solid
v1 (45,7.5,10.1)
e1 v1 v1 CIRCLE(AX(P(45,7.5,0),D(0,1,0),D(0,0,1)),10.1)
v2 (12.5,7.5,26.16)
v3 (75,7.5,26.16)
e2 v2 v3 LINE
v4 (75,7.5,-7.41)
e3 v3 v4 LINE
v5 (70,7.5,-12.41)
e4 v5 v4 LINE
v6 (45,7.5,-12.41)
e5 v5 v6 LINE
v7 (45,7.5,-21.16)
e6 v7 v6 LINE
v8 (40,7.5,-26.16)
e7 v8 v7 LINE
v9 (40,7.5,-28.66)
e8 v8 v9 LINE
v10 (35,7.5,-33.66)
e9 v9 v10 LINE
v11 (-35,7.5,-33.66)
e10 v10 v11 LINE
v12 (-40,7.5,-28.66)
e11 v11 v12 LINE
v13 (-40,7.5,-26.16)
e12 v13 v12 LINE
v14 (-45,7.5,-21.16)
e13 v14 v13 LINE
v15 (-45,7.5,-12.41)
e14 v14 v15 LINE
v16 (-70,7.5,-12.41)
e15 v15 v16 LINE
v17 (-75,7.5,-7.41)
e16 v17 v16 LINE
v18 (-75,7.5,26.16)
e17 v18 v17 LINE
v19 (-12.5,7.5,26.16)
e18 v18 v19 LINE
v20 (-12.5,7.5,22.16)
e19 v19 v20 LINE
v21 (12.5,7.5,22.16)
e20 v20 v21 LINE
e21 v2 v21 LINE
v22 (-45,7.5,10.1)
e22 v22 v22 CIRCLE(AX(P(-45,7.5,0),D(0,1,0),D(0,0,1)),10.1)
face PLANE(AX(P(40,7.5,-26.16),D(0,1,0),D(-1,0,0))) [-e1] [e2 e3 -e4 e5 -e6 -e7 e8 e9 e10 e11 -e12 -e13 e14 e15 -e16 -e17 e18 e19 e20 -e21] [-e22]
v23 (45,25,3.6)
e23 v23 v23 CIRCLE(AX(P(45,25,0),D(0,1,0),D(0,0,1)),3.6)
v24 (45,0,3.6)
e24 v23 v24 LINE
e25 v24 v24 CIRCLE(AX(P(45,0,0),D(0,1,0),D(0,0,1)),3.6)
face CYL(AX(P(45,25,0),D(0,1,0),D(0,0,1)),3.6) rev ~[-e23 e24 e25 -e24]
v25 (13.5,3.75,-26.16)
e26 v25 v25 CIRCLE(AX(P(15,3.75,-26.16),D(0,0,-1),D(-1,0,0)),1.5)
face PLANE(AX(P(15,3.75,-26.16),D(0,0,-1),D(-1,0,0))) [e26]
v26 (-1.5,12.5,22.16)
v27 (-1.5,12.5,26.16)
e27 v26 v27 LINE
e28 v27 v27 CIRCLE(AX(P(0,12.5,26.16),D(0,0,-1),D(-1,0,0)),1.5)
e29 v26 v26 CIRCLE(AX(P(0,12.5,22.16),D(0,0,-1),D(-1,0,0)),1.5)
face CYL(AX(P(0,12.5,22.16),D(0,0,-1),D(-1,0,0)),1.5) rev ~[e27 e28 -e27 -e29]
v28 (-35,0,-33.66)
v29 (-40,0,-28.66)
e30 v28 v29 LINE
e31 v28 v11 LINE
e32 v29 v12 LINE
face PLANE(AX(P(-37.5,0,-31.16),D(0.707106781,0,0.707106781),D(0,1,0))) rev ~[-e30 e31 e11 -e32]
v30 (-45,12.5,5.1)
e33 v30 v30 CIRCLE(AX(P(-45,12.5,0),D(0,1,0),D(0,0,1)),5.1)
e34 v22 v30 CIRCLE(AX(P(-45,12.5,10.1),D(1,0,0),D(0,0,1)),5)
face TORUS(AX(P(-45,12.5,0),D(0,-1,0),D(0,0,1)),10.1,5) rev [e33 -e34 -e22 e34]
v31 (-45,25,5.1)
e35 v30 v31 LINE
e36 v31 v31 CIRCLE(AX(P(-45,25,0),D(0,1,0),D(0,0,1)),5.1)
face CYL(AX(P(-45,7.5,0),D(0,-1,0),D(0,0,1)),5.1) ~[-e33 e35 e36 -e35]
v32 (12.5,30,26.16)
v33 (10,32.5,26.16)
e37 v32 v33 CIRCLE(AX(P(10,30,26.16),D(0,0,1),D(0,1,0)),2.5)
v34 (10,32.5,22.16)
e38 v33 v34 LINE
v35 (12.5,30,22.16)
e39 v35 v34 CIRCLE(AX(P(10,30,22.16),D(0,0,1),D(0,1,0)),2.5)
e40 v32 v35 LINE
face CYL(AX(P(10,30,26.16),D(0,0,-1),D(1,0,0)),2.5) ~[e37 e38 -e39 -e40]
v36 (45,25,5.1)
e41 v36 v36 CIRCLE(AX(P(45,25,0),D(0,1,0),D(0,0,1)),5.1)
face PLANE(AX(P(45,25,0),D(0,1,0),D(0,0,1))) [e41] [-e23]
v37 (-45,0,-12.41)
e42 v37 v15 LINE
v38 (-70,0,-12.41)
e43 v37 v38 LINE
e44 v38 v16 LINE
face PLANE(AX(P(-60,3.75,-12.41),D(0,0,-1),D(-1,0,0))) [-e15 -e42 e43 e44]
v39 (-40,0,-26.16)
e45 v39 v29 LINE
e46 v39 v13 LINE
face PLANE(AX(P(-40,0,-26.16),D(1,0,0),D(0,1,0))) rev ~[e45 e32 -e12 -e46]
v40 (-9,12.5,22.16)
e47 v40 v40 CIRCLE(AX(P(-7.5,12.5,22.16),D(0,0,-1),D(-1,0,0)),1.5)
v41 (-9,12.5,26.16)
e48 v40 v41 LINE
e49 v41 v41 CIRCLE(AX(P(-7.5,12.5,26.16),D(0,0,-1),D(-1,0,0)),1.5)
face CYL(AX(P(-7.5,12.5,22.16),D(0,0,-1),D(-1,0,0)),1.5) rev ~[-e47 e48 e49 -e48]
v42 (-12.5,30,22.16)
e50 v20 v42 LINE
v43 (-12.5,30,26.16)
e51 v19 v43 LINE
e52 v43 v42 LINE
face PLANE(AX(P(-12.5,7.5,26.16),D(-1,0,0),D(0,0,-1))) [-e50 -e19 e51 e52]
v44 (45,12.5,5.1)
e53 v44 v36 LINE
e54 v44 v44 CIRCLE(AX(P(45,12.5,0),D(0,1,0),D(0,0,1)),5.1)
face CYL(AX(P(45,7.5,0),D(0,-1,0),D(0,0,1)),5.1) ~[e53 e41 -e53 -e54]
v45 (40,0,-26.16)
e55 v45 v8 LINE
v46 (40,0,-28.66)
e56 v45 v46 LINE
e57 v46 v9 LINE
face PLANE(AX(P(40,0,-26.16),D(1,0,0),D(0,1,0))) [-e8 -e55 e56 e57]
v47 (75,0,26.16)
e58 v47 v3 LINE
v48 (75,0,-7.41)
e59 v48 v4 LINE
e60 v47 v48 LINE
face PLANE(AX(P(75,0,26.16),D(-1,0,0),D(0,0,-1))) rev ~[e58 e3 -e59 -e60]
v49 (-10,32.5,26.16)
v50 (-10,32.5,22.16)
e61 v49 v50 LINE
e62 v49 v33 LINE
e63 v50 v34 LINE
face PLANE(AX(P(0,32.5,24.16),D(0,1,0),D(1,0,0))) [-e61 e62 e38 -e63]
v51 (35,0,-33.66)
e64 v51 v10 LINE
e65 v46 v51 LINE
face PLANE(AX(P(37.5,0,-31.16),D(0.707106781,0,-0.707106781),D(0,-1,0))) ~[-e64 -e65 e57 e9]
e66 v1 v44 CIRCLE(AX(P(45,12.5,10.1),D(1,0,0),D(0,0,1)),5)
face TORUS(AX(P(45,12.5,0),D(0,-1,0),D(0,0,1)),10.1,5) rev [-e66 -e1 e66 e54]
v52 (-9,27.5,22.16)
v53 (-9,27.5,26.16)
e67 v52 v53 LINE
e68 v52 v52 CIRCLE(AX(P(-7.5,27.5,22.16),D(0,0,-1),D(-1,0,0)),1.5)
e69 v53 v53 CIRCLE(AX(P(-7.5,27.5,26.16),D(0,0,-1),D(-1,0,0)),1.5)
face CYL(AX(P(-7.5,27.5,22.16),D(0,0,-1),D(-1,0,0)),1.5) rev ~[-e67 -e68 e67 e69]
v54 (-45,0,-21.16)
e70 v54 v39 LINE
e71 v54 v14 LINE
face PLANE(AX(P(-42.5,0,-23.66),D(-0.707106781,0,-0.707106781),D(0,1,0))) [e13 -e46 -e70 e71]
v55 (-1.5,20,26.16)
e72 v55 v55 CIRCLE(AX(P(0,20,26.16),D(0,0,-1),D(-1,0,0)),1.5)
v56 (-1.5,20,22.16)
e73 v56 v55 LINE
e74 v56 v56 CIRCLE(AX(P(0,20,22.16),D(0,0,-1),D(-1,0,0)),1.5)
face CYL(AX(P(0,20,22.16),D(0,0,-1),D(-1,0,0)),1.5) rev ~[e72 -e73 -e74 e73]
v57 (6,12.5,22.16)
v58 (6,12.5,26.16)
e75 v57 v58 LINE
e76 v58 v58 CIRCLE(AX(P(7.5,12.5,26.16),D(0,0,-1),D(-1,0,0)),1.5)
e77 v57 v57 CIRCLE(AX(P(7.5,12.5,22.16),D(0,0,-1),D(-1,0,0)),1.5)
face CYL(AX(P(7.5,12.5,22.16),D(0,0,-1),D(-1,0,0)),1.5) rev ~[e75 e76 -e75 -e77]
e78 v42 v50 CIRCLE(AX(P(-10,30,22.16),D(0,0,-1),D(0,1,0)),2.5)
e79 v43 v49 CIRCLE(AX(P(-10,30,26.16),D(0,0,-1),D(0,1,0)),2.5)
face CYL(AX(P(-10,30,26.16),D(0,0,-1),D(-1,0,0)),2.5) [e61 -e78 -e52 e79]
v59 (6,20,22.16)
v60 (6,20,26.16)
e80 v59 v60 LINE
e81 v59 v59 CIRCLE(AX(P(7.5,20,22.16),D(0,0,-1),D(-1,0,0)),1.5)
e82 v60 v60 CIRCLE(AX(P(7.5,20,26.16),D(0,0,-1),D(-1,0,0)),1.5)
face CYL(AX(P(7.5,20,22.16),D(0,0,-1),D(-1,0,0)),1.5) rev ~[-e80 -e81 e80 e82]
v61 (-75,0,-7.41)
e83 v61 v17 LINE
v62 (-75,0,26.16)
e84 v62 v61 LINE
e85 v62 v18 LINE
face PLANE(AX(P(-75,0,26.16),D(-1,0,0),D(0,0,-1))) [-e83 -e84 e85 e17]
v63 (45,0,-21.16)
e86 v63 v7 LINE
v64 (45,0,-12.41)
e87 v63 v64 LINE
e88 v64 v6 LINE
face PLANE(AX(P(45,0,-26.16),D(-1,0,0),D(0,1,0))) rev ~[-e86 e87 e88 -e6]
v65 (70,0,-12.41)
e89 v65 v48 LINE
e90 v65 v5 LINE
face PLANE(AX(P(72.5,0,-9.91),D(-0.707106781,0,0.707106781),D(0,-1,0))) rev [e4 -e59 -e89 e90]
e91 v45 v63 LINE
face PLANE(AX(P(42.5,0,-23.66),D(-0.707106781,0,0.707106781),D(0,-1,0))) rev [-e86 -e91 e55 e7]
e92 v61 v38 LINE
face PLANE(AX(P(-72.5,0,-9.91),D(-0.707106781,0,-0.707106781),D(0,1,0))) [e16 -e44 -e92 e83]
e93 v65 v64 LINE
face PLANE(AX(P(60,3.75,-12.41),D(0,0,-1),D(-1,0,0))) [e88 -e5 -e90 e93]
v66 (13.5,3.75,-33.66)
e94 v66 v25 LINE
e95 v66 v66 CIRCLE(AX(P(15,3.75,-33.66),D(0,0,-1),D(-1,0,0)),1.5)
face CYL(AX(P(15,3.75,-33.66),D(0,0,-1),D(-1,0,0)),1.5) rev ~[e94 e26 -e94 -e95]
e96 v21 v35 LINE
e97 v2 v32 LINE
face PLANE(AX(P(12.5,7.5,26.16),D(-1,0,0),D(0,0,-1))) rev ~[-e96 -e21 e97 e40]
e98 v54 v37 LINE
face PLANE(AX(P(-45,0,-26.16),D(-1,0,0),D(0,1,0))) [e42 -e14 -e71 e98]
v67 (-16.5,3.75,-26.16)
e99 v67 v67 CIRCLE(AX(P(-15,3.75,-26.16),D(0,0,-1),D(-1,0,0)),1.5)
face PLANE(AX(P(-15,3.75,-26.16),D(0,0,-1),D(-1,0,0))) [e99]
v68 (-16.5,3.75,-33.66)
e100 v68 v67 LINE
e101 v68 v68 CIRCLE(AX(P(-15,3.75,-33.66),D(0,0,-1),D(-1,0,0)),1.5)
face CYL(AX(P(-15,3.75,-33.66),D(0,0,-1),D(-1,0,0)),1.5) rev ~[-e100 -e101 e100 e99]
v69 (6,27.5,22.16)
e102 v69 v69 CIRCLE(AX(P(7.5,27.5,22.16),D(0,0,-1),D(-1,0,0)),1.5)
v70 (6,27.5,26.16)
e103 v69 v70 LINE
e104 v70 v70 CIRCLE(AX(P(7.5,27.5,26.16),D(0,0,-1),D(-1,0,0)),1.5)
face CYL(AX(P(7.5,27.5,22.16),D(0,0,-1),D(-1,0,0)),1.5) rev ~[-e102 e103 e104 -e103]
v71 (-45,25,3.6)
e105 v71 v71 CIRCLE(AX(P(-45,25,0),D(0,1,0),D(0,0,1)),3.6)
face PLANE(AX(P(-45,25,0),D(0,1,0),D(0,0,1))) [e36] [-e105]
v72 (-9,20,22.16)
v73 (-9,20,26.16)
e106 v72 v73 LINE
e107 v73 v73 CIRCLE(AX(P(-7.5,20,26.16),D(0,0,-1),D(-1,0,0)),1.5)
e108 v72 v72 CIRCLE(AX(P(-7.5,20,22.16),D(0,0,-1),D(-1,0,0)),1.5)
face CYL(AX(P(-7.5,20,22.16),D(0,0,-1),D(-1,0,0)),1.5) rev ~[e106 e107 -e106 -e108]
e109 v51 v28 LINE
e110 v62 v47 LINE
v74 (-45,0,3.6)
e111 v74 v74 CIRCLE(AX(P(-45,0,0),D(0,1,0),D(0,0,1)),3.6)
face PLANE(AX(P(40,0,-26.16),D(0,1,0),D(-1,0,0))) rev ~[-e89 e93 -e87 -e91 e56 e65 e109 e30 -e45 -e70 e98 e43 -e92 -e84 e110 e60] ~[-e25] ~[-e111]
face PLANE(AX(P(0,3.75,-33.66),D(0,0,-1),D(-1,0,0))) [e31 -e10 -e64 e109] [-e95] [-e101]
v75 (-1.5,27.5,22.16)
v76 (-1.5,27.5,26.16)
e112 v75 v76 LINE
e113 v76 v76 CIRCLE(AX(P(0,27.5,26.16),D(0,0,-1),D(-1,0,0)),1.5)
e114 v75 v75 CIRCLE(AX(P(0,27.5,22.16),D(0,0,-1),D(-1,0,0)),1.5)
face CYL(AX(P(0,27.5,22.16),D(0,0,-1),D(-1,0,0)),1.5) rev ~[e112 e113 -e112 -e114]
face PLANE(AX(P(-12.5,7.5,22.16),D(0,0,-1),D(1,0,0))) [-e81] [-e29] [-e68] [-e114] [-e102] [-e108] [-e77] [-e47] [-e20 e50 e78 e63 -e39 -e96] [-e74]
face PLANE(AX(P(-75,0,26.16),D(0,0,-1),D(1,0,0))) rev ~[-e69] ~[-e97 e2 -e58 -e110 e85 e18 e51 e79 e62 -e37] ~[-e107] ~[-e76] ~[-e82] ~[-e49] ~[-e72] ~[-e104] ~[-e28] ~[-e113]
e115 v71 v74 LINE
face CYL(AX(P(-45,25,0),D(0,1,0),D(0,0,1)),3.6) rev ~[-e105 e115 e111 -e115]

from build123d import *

# Parameters (mm, degrees)
SKETCH1_W           = 150
SKETCH1_H           = 52.32
BOSS_EXTRUDE1_DEPTH = 7.5
SKETCH2_R           = 5.1
BOSS_EXTRUDE2_DEPTH = 17.5
FILLET1_R           = 5
SKETCH3_R           = 3.6
CUT_EXTRUDE1_DEPTH  = 25
SKETCH4_W           = 30
SKETCH4_H           = 7.5
CUT_EXTRUDE2_DEPTH  = 13.75
CHAMFER1_SIZE       = 5
SKETCH5_W           = 80
SKETCH5_H           = 7.5
BOSS_EXTRUDE3_DEPTH = 7.5
CHAMFER2_SIZE       = 5
SKETCH6_R           = 1.5
CUT_EXTRUDE3_DEPTH  = 7.5
SKETCH7_W           = 25
SKETCH7_H           = 4
BOSS_EXTRUDE4_DEPTH = 25
SKETCH8_R           = 1.5
CUT_EXTRUDE4_DEPTH  = 5
FILLET2_R           = 2.5


with BuildPart() as part:
    # Sketch1 → Boss-Extrude1 (new body)
    with BuildSketch(Plane(origin=(0, 0, 0), x_dir=(1, 0, 0), z_dir=(0, 1, 0))):
        Rectangle(SKETCH1_W, SKETCH1_H)
    extrude(amount=BOSS_EXTRUDE1_DEPTH)

    # Sketch2 → Boss-Extrude2 (add)
    with BuildSketch(Plane(origin=(0, 7.5, 0), x_dir=(1, 0, 0), z_dir=(0, 1, 0))):
        with Locations(Location((-45, 0, 0), (0, 0, 270))):
            Circle(SKETCH2_R)
        with Locations(Location((45, 0, 0), (0, 0, 270))):
            Circle(SKETCH2_R)
    extrude(amount=BOSS_EXTRUDE2_DEPTH)

    # Fillet1
    fillet1_edges = [part.edges().sort_by_distance(p)[0] for p in [
        (-45, 7.5, -5.1),
        (45, 7.5, -5.1),
    ]]
    fillet(fillet1_edges, radius=FILLET1_R)

    # Sketch3 → Cut-Extrude1 (cut)
    with BuildSketch(Plane(origin=(0, 25, 0), x_dir=(1, 0, 0), z_dir=(0, 1, 0))):
        with Locations(Location((-45, 0, 0), (0, 0, 270))):
            Circle(SKETCH3_R)
        with Locations(Location((45, 0, 0), (0, 0, 270))):
            Circle(SKETCH3_R)
    extrude(amount=-CUT_EXTRUDE1_DEPTH, mode=Mode.SUBTRACT)

    # Sketch4 → Cut-Extrude2 (cut)
    with BuildSketch(Plane(origin=(0, 0, -26.16), x_dir=(-1, 0, 0), z_dir=(0, 0, -1))):
        with Locations((-60, 3.75)):
            Rectangle(SKETCH4_W, SKETCH4_H)
        with Locations((60, 3.75)):
            Rectangle(SKETCH4_W, SKETCH4_H)
    extrude(amount=-CUT_EXTRUDE2_DEPTH, mode=Mode.SUBTRACT)

    # Chamfer1
    chamfer1_edges = [part.edges().sort_by_distance(p)[0] for p in [
        (75, 3.75, -12.41),
        (45, 3.75, -26.16),
        (-75, 3.75, -12.41),
        (-45, 3.75, -26.16),
    ]]
    chamfer(chamfer1_edges, length=CHAMFER1_SIZE)

    # Sketch5 → Boss-Extrude3 (add)
    with BuildSketch(Plane(origin=(0, 0, -26.16), x_dir=(-1, 0, 0), z_dir=(0, 0, -1))):
        with Locations((0, 3.75)):
            Rectangle(SKETCH5_W, SKETCH5_H)
    extrude(amount=BOSS_EXTRUDE3_DEPTH)

    # Chamfer2
    chamfer2_edges = [part.edges().sort_by_distance(p)[0] for p in [
        (40, 3.75, -33.66),
        (-40, 3.75, -33.66),
    ]]
    chamfer(chamfer2_edges, length=CHAMFER2_SIZE)

    # Sketch6 → Cut-Extrude3 (cut)
    with BuildSketch(Plane(origin=(0, 0, -33.66), x_dir=(-1, 0, 0), z_dir=(0, 0, -1))):
        with Locations((-15, 3.75)):
            Circle(SKETCH6_R)
        with Locations((15, 3.75)):
            Circle(SKETCH6_R)
    extrude(amount=-CUT_EXTRUDE3_DEPTH, mode=Mode.SUBTRACT)

    # Sketch7 → Boss-Extrude4 (add)
    with BuildSketch(Plane(origin=(0, 7.5, 0), x_dir=(1, 0, 0), z_dir=(0, 1, 0))):
        with Locations((0, -24.16)):
            Rectangle(SKETCH7_W, SKETCH7_H)
    extrude(amount=BOSS_EXTRUDE4_DEPTH)

    # Sketch8 → Cut-Extrude4 (cut)
    with BuildSketch(Plane(origin=(0, 0, 22.16), x_dir=(-1, 0, 0), z_dir=(0, 0, -1))):
        with Locations((-7.5, 20)):
            Circle(SKETCH8_R)
        with Locations((0, 20)):
            Circle(SKETCH8_R)
        with Locations((-7.5, 27.5)):
            Circle(SKETCH8_R)
        with Locations((0, 27.5)):
            Circle(SKETCH8_R)
        with Locations((7.5, 27.5)):
            Circle(SKETCH8_R)
        with Locations((7.5, 20)):
            Circle(SKETCH8_R)
        with Locations((-7.5, 12.5)):
            Circle(SKETCH8_R)
        with Locations((0, 12.5)):
            Circle(SKETCH8_R)
        with Locations((7.5, 12.5)):
            Circle(SKETCH8_R)
    extrude(amount=-CUT_EXTRUDE4_DEPTH, mode=Mode.SUBTRACT)

    # Fillet2
    fillet2_edges = [part.edges().sort_by_distance(p)[0] for p in [
        (-12.5, 32.5, 24.16),
        (12.5, 32.5, 24.16),
    ]]
    fillet(fillet2_edges, radius=FILLET2_R)


solid = part.part
